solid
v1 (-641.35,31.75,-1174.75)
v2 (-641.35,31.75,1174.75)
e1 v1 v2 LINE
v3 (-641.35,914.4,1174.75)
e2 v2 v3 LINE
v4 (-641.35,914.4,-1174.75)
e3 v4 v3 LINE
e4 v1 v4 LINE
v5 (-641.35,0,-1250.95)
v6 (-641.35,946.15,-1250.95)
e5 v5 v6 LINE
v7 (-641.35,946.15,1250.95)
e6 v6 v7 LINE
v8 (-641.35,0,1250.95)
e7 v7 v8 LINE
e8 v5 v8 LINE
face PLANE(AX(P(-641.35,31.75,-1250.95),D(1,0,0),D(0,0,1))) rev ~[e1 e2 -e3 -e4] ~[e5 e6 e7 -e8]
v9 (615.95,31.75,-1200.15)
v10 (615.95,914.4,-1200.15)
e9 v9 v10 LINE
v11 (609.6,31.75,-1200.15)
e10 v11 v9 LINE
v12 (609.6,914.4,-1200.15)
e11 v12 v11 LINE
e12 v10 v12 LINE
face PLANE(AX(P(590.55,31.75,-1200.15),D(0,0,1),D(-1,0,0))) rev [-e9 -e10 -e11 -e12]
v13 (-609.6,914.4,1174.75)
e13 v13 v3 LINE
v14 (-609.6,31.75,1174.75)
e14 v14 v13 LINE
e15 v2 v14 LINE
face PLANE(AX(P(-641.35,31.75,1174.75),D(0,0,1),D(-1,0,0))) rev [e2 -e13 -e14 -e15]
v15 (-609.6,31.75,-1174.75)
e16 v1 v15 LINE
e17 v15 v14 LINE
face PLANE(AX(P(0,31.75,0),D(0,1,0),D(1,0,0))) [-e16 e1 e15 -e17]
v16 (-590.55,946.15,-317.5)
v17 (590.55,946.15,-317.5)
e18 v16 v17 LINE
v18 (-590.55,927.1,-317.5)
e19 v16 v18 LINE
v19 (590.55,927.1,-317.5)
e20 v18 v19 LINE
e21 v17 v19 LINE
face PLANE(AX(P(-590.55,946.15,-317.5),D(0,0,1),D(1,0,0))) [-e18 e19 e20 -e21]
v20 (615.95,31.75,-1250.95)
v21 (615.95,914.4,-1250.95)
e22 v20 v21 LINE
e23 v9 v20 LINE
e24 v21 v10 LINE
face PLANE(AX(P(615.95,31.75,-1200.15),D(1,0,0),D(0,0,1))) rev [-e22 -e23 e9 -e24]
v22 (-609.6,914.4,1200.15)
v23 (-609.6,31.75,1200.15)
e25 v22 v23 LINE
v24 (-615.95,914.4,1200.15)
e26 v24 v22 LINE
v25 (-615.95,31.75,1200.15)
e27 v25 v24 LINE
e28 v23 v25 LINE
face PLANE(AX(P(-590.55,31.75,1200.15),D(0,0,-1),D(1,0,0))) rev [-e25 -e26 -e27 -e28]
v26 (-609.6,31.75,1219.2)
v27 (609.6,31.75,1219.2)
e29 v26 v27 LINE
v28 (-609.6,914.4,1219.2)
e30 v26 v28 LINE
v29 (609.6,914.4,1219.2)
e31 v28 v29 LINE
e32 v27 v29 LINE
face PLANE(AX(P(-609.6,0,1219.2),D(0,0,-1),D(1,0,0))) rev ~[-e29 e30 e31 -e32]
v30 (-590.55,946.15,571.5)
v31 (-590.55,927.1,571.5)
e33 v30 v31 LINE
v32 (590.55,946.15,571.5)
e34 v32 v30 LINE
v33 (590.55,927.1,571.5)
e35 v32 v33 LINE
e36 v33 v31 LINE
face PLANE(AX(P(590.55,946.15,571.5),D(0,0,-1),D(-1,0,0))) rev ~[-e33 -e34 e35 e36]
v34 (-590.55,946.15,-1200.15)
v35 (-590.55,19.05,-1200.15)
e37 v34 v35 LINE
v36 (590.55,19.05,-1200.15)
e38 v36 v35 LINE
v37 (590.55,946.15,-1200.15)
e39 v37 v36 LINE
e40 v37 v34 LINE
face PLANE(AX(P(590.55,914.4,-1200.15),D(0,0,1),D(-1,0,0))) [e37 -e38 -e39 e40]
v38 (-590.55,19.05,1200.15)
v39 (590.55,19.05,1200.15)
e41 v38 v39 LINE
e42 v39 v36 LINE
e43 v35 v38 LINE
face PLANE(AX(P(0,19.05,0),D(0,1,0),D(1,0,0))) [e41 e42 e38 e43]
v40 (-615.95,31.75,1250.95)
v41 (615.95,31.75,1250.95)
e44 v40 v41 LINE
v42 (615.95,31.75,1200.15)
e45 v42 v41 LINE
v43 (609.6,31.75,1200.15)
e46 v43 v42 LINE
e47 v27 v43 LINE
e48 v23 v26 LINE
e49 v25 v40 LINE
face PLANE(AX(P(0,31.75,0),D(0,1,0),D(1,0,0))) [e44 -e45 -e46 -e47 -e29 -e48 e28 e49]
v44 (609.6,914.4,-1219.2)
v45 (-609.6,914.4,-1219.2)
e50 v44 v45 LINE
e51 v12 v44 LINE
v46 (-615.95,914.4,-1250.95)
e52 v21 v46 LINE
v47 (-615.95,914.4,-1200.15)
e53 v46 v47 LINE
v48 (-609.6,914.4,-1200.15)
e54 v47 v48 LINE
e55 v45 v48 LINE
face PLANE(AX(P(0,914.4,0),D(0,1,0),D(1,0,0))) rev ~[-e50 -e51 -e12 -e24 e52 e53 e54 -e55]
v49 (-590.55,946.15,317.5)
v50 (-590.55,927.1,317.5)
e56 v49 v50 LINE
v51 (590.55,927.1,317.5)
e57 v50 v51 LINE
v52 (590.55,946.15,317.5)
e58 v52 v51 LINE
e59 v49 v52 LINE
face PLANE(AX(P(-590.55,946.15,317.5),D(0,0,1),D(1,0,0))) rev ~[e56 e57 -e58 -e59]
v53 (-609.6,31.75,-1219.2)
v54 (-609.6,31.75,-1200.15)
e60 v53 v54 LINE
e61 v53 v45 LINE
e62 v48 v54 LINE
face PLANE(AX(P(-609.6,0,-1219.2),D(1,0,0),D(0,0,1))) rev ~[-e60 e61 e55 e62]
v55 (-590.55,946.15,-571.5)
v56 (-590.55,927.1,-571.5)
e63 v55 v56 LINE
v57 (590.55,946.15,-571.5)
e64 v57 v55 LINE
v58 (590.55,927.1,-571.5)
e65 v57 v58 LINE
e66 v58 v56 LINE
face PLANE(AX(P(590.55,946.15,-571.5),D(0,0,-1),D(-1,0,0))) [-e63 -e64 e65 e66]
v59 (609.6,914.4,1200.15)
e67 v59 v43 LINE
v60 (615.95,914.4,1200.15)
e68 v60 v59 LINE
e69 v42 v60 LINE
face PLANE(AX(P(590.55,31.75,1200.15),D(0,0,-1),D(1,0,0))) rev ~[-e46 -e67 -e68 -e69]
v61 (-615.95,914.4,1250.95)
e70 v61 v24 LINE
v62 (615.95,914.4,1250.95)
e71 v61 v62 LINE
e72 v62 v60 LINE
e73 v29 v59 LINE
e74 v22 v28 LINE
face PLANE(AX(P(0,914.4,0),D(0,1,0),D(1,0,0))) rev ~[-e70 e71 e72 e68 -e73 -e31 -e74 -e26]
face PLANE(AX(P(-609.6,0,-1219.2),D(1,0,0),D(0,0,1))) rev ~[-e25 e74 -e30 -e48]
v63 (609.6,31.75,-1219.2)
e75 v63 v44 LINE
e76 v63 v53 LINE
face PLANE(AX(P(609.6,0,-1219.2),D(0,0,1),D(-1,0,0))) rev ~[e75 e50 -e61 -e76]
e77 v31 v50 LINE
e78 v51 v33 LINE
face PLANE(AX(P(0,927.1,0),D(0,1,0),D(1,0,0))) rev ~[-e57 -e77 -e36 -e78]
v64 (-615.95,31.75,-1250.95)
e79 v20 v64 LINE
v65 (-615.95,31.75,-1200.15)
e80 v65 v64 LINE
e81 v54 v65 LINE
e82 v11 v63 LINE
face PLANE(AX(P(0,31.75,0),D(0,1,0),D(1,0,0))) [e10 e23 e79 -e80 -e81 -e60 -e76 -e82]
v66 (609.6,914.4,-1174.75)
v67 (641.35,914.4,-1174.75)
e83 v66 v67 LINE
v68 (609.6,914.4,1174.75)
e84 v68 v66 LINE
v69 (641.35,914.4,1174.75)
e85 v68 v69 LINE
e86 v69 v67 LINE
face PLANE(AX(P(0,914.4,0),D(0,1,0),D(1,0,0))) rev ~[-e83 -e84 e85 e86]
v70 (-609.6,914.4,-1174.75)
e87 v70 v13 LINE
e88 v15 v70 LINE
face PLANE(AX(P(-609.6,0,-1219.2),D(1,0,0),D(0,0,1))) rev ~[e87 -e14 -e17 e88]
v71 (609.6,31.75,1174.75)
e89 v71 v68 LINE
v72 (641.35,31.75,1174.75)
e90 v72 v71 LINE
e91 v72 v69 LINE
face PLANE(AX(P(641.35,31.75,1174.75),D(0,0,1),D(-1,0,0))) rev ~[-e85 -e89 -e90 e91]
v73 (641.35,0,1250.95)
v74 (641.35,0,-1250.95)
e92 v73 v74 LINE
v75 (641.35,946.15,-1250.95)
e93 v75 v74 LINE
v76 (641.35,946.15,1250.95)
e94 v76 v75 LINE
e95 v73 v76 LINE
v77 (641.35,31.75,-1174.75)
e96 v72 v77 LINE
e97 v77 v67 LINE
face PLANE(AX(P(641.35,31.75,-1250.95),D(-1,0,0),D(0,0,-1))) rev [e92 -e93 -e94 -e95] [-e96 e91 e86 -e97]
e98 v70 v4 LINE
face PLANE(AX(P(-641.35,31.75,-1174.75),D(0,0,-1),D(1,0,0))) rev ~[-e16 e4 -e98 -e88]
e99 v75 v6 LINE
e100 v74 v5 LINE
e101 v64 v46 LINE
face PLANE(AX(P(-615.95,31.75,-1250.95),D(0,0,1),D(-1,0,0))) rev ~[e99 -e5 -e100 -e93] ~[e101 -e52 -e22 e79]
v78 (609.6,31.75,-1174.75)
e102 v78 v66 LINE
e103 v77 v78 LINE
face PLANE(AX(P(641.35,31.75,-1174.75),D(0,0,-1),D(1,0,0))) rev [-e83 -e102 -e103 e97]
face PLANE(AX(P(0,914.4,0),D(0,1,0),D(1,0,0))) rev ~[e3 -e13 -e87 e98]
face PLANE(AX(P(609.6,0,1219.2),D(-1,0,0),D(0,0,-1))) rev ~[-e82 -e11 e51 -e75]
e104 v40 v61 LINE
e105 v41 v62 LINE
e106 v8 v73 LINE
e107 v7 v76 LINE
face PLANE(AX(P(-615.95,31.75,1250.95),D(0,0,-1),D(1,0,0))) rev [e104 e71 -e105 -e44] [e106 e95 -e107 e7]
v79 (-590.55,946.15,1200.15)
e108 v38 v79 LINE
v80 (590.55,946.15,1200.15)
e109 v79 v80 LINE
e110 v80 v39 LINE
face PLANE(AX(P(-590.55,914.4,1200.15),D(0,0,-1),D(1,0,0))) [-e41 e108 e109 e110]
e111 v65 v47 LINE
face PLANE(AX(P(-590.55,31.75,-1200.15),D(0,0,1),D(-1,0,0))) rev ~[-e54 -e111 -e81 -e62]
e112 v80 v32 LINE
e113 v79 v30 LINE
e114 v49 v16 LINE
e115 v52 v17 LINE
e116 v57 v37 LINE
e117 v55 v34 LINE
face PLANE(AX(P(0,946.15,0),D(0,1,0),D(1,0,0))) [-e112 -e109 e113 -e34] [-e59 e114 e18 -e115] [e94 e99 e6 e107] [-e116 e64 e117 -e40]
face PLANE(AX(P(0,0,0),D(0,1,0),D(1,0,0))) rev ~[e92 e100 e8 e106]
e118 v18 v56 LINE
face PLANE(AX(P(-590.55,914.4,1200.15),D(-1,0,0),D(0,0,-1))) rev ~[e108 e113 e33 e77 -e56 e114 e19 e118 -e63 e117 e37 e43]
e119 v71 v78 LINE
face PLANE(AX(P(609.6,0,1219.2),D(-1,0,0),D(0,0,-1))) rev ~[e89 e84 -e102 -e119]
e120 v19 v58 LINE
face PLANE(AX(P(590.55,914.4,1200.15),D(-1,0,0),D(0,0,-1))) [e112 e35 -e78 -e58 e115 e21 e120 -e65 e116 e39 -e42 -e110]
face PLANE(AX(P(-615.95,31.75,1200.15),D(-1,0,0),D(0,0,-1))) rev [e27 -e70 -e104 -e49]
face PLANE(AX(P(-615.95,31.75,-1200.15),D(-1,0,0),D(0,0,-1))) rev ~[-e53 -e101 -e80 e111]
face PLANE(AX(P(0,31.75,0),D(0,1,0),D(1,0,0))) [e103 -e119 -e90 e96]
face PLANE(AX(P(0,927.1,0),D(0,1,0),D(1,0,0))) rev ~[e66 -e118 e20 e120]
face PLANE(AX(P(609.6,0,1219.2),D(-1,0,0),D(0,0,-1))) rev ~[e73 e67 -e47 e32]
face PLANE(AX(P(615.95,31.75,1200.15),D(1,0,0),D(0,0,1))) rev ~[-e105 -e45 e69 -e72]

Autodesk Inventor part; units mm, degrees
ref_plane "YZ Plane" through (0, 0, 0) normal (1, 0, 0) x (0, 1, 0)
ref_plane "XZ Plane" through (0, 0, 0) normal (0, 1, 0) x (-1, 0, 0)
ref_plane "XY Plane" through (0, 0, 0) normal (0, 0, 1) x (1, 0, 0)
sketch "Sketch1" plane through (0, 0, 0) normal (0, 1, 0) x (-1, 0, 0)
  line L0 (-609.6, -1219.2) -> (609.6, -1219.2)
  line L1 (609.6, -1219.2) -> (609.6, 1219.2)
  line L2 (609.6, 1219.2) -> (-609.6, 1219.2)
  line L3 (-609.6, 1219.2) -> (-609.6, -1219.2)
  line L4 (-609.6, -1219.2) -> (609.6, 1219.2) construction
  line L5 (609.6, -1219.2) -> (-609.6, 1219.2) construction
  point P0 (0, 0)
  dimension "d0" = 1219.2
  dimension "d1" = 2438.4
extrude "Extrusion1" add sketch "Sketch1" along normal blind 914.4
sketch "Sketch2" plane through (0, 914.4, 0) normal (0, 1, 0) x (1, 0, 0)
  line L0 (590.55, 1200.15) -> (-590.55, 1200.15)
  line L1 (-590.55, 1200.15) -> (-590.55, -1200.15)
  line L2 (-590.55, -1200.15) -> (590.55, -1200.15)
  line L3 (590.55, -1200.15) -> (590.55, 1200.15)
  line L4 (590.55, 1200.15) -> (-590.55, -1200.15) construction
  line L5 (-590.55, 1200.15) -> (590.55, -1200.15) construction
  point P0 (0, 0)
  dimension "d4" = 1181.1
  dimension "d5" = 2400.3
extrude "Extrusion2" cut sketch "Sketch2" against normal blind 895.35
sketch "Sketch3" plane through (0, 914.4, 0) normal (0, 1, 0) x (1, 0, 0)
  line L0 (641.35, 1250.95) -> (-641.35, 1250.95)
  line L1 (-641.35, 1250.95) -> (-641.35, -1250.95)
  line L2 (-641.35, -1250.95) -> (641.35, -1250.95)
  line L3 (641.35, -1250.95) -> (641.35, 1250.95)
  line L4 (641.35, 1250.95) -> (-641.35, -1250.95) construction
  line L5 (-641.35, 1250.95) -> (641.35, -1250.95) construction
  line L6 (-590.55, -1200.15) -> (-590.55, 1200.15) projected
  line L7 (590.55, 1200.15) -> (-590.55, 1200.15)
  line L8 (-590.55, 1200.15) -> (-590.55, -1200.15)
  line L9 (-590.55, -1200.15) -> (590.55, -1200.15)
  line L10 (590.55, -1200.15) -> (590.55, 1200.15)
  line L11 (590.55, 1200.15) -> (-590.55, -1200.15) construction
  line L12 (-590.55, 1200.15) -> (590.55, -1200.15) construction
  point P0 (0, 0)
  point P1 (-590.55, 1200.15)
  dimension "d8" = 1282.7
  dimension "d9" = 2501.9
extrude "Extrusion3" add sketch "Sketch3" along normal blind 31.75
pattern_linear "Rectangular Pattern1" count 2 spacing 914.4 along (0, -1, 0) of "Extrusion3"
sketch "Sketch4" plane through (-641.35, 31.75, 1250.95) normal (0, 1, 0) x (1, 0, 0)
  line L0 (0, 0) -> (1282.7, 0) projected
  line L1 (1282.7, 0) -> (1282.7, 76.2)
  line L2 (1282.7, 0) -> (1282.7, 2501.9) projected
  line L3 (1282.7, 76.2) -> (1231.9, 76.2)
  line L4 (1231.9, 2451.1) -> (1231.9, 50.8) projected
  line L5 (1231.9, 76.2) -> (1231.9, 50.8)
  line L6 (1231.9, 50.8) -> (1257.3, 50.8)
  line L7 (1231.9, 50.8) -> (50.8, 50.8) projected
  line L8 (1257.3, 50.8) -> (1257.3, 0)
  line L9 (1257.3, 0) -> (1282.7, 0)
  point P0 (641.35, 1250.95)
  point P1 (1257.3, 0)
  dimension "d15" = 76.2
  dimension "d16" = 50.8
  dimension "d17" = 25.4
  dimension "d23" = 25.4
  dimension "d24" = 50.8
  dimension "d25" = 25.4
extrude "Extrusion4" add sketch "Sketch4" along normal blind 889
mirror "Mirror2" about plane through (0, 0, 0) normal (1, 0, 0) of "Extrusion4"
mirror "Mirror3" about plane through (0, 0, 0) normal (0, 0, 1) of "Extrusion4", "Mirror2"
sketch "Sketch5" plane through (0, 946.15, 0) normal (0, 1, 0) x (1, 0, 0)
  line L0 (-590.55, -1200.15) -> (-590.55, 1200.15) projected
  line L1 (590.55, -571.5) -> (-590.55, -571.5)
  line L2 (-590.55, -571.5) -> (-590.55, -317.5)
  line L3 (-590.55, -317.5) -> (590.55, -317.5)
  line L4 (590.55, -317.5) -> (590.55, -571.5)
  line L5 (590.55, -571.5) -> (-590.55, -317.5) construction
  line L6 (-590.55, -571.5) -> (590.55, -317.5) construction
  line L7 (590.55, 571.5) -> (-590.55, 571.5)
  line L8 (-590.55, 571.5) -> (-590.55, 317.5)
  line L9 (-590.55, 317.5) -> (590.55, 317.5)
  line L10 (590.55, 317.5) -> (590.55, 571.5)
  line L11 (590.55, 571.5) -> (-590.55, 317.5) construction
  line L12 (-590.55, 571.5) -> (590.55, 317.5) construction
  line L13 (-590.55, 1200.15) -> (590.55, 1200.15) projected
  line L14 (590.55, -1200.15) -> (-590.55, -1200.15) projected
  point P0 (0, 0)
  point P1 (0, -444.5)
  point P2 (0, 444.5)
  point P3 (-590.55, 63.5)
  point P4 (-590.55, 571.5)
  dimension "d26" = 254
  dimension "d27" = 254
  dimension "d31" = 628.65
  dimension "d34" = 628.65
  dimension "d35" = 635
extrude "Extrusion5" add sketch "Sketch5" against normal blind 19.05
properties part number "GlassCagesTank"
